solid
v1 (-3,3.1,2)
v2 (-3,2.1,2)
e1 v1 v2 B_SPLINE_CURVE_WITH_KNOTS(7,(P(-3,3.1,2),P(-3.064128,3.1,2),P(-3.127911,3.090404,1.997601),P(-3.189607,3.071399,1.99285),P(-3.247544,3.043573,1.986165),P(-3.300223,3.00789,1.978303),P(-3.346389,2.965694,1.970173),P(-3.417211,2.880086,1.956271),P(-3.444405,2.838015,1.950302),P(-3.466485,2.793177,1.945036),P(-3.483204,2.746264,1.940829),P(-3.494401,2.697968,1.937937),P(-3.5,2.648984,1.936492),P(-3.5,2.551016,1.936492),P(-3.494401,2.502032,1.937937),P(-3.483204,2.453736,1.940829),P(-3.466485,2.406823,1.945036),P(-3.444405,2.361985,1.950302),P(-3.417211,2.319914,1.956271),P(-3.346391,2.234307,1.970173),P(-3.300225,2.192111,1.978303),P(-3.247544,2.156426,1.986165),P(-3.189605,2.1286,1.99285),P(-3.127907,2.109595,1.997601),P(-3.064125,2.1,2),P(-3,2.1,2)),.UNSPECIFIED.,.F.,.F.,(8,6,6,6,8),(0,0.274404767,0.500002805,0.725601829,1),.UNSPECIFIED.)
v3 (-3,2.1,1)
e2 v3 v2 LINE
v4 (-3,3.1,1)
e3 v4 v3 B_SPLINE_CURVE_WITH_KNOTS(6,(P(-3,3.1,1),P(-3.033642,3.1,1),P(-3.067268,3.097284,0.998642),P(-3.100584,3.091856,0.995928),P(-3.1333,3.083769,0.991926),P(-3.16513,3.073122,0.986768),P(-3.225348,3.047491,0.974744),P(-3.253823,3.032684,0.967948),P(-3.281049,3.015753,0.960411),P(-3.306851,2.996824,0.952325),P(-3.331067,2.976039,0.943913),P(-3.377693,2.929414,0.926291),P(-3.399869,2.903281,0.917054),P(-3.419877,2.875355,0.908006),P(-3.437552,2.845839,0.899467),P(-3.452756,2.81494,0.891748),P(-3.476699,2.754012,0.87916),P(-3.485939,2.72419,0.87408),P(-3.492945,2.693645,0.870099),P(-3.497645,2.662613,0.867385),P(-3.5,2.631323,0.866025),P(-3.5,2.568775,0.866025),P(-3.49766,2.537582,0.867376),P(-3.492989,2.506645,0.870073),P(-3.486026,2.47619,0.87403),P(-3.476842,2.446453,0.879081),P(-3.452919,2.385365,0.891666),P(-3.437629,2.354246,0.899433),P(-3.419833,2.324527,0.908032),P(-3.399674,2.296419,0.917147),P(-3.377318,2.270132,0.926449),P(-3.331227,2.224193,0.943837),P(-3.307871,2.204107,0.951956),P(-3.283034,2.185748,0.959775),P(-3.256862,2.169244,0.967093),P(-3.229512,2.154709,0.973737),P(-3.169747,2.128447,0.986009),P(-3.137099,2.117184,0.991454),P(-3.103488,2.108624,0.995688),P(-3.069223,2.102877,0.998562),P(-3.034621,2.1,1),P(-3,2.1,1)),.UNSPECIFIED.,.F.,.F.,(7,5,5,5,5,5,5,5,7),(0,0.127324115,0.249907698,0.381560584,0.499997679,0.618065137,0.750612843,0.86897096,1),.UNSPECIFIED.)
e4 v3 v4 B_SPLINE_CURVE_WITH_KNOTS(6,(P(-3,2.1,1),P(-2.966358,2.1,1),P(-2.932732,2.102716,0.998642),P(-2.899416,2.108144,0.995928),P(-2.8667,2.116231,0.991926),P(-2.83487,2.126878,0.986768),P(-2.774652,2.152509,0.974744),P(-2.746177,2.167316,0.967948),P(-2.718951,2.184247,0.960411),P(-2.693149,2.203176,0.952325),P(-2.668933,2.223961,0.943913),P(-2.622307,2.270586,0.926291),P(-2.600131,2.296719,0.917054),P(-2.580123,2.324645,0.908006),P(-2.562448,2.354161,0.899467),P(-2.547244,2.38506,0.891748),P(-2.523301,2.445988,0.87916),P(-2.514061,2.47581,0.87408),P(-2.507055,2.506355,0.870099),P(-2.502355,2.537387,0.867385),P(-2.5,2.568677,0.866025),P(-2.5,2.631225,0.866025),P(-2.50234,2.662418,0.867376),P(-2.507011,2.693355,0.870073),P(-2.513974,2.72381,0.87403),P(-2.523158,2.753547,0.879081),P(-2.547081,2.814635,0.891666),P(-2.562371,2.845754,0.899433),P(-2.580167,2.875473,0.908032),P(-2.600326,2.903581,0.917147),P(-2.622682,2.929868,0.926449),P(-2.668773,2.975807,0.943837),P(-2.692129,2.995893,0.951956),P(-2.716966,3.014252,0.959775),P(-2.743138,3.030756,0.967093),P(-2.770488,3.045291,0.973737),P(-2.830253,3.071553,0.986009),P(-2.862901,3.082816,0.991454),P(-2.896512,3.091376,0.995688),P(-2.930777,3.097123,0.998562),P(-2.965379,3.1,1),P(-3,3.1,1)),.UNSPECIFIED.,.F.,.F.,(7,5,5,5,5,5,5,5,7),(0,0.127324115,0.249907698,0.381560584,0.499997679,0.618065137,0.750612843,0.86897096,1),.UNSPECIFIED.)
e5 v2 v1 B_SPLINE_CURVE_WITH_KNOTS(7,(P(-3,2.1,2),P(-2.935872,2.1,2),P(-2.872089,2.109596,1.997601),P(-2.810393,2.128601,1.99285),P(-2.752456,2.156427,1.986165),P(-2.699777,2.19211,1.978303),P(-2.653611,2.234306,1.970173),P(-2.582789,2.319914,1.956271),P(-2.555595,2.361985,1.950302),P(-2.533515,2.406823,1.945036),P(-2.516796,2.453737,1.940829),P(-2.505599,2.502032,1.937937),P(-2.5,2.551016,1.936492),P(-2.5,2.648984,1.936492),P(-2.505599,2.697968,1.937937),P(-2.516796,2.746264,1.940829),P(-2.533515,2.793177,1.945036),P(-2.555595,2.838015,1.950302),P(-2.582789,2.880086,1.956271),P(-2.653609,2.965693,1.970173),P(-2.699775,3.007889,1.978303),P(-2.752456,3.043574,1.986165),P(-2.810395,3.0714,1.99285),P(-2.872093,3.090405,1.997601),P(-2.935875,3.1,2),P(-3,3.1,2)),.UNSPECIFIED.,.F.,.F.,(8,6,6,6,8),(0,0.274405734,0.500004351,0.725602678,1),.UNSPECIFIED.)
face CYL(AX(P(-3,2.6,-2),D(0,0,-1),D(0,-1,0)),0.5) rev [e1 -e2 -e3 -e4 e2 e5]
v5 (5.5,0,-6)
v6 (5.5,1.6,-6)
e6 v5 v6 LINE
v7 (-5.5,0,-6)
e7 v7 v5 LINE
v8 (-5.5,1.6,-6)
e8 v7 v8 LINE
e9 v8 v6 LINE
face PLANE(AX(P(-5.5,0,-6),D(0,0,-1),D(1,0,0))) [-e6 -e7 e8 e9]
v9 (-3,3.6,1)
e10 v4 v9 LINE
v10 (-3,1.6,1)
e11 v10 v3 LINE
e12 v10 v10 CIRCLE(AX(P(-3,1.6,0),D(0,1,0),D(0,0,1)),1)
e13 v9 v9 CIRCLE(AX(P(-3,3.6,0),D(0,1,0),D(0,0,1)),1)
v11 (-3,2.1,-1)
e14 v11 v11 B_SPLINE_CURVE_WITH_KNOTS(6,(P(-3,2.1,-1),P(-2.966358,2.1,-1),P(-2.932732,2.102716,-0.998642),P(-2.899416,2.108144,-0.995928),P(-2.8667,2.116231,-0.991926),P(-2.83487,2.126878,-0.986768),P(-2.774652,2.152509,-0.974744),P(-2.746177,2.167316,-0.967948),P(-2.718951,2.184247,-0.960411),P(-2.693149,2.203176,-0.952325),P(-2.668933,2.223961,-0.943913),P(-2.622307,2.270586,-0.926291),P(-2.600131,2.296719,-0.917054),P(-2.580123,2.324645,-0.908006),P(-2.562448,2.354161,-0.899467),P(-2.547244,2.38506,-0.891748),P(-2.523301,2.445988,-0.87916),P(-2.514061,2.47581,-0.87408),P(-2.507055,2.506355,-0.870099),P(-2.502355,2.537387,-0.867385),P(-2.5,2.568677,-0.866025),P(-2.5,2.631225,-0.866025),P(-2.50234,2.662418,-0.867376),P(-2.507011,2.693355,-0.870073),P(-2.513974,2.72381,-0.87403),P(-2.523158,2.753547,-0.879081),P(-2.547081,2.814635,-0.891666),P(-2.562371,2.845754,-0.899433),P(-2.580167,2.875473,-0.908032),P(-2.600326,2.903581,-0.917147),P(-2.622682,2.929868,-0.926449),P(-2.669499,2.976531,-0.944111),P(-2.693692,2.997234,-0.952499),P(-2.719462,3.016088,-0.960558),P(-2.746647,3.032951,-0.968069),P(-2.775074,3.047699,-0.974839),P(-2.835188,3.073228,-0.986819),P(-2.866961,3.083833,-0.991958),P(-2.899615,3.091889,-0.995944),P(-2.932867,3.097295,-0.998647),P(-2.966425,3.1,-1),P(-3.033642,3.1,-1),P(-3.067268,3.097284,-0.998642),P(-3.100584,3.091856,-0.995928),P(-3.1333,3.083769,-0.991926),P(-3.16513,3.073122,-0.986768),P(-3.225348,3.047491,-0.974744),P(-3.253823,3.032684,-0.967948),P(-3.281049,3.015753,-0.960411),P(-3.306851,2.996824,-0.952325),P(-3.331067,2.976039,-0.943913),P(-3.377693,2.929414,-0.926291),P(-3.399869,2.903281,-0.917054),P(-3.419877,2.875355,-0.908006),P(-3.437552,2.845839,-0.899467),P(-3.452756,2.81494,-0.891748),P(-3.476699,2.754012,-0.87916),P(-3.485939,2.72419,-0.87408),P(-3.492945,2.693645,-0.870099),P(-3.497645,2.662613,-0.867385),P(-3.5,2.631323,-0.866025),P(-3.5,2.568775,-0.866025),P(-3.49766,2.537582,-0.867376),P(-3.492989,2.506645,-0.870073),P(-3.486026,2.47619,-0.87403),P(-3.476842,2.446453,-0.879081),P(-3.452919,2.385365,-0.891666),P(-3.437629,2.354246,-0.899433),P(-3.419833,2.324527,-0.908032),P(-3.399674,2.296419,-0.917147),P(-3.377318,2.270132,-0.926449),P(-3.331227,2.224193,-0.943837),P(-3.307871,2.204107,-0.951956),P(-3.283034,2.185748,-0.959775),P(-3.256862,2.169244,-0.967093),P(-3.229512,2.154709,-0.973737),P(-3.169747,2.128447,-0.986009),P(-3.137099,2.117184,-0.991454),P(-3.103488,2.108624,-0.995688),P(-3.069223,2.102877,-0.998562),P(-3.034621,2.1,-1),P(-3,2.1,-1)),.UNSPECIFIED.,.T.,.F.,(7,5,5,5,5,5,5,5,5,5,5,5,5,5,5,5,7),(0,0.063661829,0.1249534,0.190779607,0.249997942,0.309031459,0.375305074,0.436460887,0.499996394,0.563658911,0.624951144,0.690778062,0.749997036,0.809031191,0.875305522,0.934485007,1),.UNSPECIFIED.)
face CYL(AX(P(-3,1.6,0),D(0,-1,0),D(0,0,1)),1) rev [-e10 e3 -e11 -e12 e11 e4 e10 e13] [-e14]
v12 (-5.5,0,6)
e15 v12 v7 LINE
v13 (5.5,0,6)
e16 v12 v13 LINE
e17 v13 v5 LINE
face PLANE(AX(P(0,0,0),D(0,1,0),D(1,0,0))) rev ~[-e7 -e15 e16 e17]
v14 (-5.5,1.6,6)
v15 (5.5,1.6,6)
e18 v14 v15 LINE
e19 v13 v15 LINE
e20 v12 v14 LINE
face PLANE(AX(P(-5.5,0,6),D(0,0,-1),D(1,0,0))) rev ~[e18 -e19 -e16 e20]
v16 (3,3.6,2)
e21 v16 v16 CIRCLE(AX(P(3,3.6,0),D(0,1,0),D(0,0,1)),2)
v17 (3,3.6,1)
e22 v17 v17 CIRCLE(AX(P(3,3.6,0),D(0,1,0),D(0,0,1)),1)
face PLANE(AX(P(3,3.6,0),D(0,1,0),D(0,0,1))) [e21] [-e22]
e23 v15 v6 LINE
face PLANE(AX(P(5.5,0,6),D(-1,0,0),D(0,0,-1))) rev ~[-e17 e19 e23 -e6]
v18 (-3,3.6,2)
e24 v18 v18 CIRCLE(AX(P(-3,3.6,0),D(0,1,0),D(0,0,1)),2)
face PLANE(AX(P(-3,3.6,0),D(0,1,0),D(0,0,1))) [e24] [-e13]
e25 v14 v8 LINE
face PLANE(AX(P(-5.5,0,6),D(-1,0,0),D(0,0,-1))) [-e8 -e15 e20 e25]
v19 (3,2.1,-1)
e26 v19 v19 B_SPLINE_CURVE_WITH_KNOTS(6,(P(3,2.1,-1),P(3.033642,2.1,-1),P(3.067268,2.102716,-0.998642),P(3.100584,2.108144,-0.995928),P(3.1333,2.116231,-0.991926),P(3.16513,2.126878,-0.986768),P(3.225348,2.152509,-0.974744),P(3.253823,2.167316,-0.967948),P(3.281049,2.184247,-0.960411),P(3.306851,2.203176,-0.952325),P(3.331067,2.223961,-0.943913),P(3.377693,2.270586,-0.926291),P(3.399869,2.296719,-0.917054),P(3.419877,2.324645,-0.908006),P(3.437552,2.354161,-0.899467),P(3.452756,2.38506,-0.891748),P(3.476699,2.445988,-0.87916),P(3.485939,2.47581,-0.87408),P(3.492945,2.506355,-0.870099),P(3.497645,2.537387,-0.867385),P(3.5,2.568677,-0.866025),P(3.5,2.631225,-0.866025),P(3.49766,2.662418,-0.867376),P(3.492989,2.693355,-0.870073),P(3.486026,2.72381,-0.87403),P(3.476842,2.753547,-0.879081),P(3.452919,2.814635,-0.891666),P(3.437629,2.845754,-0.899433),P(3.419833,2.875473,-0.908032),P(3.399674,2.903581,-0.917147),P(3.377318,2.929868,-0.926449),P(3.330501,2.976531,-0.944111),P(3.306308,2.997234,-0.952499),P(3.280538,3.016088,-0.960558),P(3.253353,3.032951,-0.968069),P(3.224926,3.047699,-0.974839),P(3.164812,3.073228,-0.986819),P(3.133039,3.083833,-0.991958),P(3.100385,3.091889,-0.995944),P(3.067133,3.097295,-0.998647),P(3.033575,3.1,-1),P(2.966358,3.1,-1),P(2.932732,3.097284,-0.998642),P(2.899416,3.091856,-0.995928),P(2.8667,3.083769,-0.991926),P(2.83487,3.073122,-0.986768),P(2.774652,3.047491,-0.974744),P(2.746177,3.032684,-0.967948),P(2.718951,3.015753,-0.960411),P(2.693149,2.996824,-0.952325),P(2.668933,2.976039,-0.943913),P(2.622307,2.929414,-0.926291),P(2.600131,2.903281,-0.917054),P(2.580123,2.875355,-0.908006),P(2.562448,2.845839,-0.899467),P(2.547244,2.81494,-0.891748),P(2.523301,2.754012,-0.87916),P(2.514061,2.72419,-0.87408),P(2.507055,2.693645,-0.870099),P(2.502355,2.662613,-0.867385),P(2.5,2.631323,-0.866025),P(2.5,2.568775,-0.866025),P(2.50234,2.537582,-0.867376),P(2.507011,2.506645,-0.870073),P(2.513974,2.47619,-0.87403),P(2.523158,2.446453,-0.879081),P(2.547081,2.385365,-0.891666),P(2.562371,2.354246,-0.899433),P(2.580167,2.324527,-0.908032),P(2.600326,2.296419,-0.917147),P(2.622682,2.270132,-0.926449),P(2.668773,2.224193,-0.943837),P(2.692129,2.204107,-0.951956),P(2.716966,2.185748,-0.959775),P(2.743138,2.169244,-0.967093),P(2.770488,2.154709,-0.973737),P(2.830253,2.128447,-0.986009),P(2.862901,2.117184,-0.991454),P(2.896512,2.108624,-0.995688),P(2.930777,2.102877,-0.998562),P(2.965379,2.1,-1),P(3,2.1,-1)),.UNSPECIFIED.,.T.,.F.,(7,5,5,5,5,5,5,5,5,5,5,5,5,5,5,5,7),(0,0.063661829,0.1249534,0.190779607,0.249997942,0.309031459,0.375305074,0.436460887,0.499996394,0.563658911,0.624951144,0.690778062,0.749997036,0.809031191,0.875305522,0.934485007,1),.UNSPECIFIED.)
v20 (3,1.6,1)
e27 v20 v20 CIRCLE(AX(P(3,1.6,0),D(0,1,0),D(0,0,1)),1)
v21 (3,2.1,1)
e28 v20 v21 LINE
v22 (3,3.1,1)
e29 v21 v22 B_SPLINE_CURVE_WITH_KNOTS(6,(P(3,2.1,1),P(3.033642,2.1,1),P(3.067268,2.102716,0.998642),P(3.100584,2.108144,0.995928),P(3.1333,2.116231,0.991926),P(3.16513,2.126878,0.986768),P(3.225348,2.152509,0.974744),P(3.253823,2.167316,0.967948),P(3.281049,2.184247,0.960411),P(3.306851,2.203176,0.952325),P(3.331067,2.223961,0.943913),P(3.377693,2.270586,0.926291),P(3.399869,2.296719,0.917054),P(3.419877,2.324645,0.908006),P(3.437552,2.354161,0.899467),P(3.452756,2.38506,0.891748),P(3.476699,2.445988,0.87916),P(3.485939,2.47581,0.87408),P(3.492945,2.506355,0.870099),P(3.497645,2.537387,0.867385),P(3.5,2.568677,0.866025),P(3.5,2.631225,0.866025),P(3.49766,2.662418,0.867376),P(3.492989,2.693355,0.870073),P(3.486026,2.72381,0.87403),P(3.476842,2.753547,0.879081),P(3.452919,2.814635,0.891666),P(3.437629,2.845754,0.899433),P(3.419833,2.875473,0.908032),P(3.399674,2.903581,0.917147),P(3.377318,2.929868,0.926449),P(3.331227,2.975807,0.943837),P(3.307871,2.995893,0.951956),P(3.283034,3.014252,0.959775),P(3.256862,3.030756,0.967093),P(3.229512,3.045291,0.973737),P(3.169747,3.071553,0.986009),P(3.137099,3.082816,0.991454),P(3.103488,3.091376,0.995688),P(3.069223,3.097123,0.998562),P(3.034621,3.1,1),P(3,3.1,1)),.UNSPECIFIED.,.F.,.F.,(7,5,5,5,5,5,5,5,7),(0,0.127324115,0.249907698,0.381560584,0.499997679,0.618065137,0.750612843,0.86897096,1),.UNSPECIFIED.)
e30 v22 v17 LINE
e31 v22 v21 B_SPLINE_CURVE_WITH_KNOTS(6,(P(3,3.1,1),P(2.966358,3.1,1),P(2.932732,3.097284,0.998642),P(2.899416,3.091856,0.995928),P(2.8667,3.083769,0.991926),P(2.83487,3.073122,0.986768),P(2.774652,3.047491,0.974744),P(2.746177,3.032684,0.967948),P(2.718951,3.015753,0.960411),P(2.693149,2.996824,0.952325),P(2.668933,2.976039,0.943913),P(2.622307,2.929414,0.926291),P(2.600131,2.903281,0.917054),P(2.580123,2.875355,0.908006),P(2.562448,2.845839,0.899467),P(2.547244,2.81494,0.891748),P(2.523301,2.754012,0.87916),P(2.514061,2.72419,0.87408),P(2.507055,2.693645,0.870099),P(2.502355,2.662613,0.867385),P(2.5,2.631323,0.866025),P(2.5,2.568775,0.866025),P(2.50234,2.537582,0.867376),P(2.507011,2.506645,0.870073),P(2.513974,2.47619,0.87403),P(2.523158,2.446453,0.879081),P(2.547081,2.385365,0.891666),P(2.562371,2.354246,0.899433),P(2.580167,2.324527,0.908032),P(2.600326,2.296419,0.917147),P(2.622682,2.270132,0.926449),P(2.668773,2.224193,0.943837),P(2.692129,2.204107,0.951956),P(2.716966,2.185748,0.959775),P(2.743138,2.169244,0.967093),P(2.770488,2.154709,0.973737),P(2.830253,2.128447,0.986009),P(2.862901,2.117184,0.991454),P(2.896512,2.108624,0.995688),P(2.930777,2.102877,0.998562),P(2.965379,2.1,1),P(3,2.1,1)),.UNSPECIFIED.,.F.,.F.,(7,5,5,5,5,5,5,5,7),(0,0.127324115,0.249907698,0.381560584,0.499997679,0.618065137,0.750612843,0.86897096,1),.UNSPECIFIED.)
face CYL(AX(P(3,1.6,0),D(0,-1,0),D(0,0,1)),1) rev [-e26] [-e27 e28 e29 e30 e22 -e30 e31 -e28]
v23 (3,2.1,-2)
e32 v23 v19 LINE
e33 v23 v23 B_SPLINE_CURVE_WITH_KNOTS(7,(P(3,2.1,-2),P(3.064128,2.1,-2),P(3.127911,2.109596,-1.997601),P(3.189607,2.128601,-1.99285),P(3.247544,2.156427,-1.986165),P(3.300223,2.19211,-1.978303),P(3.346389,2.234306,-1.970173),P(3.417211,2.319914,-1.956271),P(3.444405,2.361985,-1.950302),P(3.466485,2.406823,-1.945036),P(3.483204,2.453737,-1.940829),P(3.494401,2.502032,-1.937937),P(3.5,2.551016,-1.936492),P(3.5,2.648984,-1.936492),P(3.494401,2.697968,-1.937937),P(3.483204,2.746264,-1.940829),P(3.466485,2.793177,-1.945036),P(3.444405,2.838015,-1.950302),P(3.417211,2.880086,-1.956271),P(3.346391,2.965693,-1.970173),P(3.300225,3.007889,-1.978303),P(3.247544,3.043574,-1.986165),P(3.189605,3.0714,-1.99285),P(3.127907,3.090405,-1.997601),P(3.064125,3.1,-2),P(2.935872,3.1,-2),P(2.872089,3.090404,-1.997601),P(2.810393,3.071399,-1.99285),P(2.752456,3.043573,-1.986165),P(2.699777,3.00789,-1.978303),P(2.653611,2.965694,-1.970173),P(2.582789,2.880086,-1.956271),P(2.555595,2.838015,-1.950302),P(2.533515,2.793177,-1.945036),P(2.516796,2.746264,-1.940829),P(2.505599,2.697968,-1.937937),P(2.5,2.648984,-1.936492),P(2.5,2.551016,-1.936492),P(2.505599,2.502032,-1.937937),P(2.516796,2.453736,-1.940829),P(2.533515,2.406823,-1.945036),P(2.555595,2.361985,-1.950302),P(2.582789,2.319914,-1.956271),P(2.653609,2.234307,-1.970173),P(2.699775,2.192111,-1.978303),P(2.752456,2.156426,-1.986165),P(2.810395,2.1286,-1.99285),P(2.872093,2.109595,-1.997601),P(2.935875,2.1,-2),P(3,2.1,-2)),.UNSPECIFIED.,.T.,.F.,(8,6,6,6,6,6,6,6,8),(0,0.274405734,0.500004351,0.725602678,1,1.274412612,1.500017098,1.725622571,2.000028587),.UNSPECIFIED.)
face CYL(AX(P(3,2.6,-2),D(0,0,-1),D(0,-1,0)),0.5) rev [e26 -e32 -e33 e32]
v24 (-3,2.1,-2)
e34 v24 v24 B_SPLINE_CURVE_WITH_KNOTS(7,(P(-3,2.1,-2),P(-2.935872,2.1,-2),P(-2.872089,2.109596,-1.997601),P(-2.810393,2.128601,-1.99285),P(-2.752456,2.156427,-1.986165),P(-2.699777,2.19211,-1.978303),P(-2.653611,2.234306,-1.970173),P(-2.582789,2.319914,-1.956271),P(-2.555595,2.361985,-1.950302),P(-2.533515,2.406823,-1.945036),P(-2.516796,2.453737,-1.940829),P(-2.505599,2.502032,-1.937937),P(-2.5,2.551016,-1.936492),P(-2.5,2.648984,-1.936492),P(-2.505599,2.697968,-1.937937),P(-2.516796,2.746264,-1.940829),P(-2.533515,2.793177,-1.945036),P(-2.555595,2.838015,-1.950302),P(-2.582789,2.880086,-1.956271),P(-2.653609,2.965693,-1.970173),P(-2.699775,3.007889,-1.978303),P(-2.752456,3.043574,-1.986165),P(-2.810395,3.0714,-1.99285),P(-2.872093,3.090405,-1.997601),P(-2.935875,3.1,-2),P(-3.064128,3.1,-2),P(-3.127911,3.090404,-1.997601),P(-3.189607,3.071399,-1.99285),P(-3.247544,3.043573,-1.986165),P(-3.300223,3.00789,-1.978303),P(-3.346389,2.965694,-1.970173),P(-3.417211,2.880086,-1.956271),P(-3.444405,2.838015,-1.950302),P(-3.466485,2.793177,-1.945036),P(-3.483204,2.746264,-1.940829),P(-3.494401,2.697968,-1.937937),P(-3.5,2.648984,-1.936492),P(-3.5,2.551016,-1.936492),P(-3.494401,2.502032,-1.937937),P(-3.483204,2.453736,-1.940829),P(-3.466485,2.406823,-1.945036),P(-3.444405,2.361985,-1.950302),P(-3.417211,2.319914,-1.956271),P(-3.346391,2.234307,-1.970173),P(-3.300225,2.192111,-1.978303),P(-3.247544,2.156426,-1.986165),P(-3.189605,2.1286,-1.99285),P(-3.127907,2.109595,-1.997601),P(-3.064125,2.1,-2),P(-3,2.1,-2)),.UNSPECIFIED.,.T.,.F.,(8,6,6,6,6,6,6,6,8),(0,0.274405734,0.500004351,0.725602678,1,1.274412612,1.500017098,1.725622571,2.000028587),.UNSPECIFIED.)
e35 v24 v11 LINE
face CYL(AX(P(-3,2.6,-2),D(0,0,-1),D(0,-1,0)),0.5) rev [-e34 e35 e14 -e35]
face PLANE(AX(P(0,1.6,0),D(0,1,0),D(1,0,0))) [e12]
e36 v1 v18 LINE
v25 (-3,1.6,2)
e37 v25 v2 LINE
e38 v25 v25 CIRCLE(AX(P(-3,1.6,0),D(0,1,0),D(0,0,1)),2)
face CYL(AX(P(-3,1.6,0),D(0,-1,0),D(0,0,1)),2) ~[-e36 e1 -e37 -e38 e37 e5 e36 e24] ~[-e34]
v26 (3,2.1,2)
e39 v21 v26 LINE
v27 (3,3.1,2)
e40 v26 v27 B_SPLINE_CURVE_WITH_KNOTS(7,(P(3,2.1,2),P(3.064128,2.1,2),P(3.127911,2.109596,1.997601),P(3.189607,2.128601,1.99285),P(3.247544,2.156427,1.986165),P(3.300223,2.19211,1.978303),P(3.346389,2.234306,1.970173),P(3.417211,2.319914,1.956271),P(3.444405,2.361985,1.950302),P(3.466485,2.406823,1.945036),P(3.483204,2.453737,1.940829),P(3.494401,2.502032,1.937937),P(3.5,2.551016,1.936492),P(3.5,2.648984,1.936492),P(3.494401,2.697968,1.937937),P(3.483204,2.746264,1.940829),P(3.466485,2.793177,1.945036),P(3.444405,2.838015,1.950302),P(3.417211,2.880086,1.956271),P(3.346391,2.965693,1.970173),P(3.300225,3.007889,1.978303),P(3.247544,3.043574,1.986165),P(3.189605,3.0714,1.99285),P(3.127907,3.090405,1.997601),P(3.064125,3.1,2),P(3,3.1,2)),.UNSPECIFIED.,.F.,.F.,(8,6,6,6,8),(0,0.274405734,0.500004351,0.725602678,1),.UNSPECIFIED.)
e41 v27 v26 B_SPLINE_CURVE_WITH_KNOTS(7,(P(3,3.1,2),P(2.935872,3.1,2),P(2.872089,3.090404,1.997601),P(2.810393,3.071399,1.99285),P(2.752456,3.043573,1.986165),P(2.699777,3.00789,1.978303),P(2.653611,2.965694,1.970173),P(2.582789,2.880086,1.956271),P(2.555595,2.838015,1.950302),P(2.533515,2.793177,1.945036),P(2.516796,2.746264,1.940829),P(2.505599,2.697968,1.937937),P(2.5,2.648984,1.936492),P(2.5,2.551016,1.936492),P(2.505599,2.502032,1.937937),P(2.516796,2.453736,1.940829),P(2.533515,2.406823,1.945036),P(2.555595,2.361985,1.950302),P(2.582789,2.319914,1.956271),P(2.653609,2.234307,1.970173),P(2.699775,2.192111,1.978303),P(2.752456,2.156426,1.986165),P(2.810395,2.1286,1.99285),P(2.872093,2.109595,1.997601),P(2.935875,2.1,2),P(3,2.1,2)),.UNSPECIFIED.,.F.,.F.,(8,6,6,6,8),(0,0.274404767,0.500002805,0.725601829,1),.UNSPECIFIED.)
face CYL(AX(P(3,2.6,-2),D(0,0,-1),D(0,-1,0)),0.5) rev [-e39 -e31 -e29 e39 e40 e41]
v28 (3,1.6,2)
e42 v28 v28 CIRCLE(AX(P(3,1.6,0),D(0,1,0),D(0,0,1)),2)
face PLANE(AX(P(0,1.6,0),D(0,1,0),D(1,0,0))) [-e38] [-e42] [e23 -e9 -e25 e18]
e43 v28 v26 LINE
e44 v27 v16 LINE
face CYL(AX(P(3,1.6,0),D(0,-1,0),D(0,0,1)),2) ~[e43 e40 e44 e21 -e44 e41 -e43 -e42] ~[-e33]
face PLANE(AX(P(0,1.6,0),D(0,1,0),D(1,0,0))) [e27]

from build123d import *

# Parameters (mm, degrees)
SKETCH1_W               = 11
SKETCH1_H               = 12
BOSS_EXTRUDE1_DEPTH     = 1.6
SKETCH2_R               = 2
SKETCH2_R_2             = 1
BOSS_EXTRUDE2_DEPTH     = 2
CUT_EXTRUDE1_DEPTH      = 2
CUT_EXTRUDE1_DEPTH_BACK = 2
SKETCH3_R               = 0.5


with BuildPart() as part:
    # Sketch1 → Boss-Extrude1 (new body)
    with BuildSketch(Plane(origin=(0, 0, 0), x_dir=(1, 0, 0), z_dir=(0, 1, 0))):
        Rectangle(SKETCH1_W, SKETCH1_H)
    extrude(amount=BOSS_EXTRUDE1_DEPTH)

    # Sketch2 → Boss-Extrude2 (add)
    # profile 1 of 2: a face of its own
    with BuildSketch(Plane(origin=(0, 1.6, 0), x_dir=(1, 0, 0), z_dir=(0, 1, 0))):
        with Locations(Location((-3, 0, 0), (0, 0, 270))):
            Circle(SKETCH2_R)
        with Locations(Location((-3, 0, 0), (0, 0, 270))):
            Circle(SKETCH2_R_2, mode=Mode.SUBTRACT)
    # profile 2 of 2: a face of its own
    with BuildSketch(Plane(origin=(0, 1.6, 0), x_dir=(1, 0, 0), z_dir=(0, 1, 0))):
        with Locations(Location((3, 0, 0), (0, 0, 270))):
            Circle(SKETCH2_R)
        with Locations(Location((3, 0, 0), (0, 0, 270))):
            Circle(SKETCH2_R_2, mode=Mode.SUBTRACT)
    extrude(amount=BOSS_EXTRUDE2_DEPTH)

    # Sketch3 → Cut-Extrude1 (cut, two sides: drawn at the far end of the back side and taken through both)
    with BuildSketch(Plane.XY.offset(-CUT_EXTRUDE1_DEPTH_BACK)):
        with Locations(Location((-3, 2.6, 0), (0, 0, 270.000000002))):
            Circle(SKETCH3_R)
        with Locations(Location((3, 2.6, 0), (0, 0, 270.000000002))):
            Circle(SKETCH3_R)
    extrude(amount=CUT_EXTRUDE1_DEPTH + CUT_EXTRUDE1_DEPTH_BACK, mode=Mode.SUBTRACT)


solid = part.part
